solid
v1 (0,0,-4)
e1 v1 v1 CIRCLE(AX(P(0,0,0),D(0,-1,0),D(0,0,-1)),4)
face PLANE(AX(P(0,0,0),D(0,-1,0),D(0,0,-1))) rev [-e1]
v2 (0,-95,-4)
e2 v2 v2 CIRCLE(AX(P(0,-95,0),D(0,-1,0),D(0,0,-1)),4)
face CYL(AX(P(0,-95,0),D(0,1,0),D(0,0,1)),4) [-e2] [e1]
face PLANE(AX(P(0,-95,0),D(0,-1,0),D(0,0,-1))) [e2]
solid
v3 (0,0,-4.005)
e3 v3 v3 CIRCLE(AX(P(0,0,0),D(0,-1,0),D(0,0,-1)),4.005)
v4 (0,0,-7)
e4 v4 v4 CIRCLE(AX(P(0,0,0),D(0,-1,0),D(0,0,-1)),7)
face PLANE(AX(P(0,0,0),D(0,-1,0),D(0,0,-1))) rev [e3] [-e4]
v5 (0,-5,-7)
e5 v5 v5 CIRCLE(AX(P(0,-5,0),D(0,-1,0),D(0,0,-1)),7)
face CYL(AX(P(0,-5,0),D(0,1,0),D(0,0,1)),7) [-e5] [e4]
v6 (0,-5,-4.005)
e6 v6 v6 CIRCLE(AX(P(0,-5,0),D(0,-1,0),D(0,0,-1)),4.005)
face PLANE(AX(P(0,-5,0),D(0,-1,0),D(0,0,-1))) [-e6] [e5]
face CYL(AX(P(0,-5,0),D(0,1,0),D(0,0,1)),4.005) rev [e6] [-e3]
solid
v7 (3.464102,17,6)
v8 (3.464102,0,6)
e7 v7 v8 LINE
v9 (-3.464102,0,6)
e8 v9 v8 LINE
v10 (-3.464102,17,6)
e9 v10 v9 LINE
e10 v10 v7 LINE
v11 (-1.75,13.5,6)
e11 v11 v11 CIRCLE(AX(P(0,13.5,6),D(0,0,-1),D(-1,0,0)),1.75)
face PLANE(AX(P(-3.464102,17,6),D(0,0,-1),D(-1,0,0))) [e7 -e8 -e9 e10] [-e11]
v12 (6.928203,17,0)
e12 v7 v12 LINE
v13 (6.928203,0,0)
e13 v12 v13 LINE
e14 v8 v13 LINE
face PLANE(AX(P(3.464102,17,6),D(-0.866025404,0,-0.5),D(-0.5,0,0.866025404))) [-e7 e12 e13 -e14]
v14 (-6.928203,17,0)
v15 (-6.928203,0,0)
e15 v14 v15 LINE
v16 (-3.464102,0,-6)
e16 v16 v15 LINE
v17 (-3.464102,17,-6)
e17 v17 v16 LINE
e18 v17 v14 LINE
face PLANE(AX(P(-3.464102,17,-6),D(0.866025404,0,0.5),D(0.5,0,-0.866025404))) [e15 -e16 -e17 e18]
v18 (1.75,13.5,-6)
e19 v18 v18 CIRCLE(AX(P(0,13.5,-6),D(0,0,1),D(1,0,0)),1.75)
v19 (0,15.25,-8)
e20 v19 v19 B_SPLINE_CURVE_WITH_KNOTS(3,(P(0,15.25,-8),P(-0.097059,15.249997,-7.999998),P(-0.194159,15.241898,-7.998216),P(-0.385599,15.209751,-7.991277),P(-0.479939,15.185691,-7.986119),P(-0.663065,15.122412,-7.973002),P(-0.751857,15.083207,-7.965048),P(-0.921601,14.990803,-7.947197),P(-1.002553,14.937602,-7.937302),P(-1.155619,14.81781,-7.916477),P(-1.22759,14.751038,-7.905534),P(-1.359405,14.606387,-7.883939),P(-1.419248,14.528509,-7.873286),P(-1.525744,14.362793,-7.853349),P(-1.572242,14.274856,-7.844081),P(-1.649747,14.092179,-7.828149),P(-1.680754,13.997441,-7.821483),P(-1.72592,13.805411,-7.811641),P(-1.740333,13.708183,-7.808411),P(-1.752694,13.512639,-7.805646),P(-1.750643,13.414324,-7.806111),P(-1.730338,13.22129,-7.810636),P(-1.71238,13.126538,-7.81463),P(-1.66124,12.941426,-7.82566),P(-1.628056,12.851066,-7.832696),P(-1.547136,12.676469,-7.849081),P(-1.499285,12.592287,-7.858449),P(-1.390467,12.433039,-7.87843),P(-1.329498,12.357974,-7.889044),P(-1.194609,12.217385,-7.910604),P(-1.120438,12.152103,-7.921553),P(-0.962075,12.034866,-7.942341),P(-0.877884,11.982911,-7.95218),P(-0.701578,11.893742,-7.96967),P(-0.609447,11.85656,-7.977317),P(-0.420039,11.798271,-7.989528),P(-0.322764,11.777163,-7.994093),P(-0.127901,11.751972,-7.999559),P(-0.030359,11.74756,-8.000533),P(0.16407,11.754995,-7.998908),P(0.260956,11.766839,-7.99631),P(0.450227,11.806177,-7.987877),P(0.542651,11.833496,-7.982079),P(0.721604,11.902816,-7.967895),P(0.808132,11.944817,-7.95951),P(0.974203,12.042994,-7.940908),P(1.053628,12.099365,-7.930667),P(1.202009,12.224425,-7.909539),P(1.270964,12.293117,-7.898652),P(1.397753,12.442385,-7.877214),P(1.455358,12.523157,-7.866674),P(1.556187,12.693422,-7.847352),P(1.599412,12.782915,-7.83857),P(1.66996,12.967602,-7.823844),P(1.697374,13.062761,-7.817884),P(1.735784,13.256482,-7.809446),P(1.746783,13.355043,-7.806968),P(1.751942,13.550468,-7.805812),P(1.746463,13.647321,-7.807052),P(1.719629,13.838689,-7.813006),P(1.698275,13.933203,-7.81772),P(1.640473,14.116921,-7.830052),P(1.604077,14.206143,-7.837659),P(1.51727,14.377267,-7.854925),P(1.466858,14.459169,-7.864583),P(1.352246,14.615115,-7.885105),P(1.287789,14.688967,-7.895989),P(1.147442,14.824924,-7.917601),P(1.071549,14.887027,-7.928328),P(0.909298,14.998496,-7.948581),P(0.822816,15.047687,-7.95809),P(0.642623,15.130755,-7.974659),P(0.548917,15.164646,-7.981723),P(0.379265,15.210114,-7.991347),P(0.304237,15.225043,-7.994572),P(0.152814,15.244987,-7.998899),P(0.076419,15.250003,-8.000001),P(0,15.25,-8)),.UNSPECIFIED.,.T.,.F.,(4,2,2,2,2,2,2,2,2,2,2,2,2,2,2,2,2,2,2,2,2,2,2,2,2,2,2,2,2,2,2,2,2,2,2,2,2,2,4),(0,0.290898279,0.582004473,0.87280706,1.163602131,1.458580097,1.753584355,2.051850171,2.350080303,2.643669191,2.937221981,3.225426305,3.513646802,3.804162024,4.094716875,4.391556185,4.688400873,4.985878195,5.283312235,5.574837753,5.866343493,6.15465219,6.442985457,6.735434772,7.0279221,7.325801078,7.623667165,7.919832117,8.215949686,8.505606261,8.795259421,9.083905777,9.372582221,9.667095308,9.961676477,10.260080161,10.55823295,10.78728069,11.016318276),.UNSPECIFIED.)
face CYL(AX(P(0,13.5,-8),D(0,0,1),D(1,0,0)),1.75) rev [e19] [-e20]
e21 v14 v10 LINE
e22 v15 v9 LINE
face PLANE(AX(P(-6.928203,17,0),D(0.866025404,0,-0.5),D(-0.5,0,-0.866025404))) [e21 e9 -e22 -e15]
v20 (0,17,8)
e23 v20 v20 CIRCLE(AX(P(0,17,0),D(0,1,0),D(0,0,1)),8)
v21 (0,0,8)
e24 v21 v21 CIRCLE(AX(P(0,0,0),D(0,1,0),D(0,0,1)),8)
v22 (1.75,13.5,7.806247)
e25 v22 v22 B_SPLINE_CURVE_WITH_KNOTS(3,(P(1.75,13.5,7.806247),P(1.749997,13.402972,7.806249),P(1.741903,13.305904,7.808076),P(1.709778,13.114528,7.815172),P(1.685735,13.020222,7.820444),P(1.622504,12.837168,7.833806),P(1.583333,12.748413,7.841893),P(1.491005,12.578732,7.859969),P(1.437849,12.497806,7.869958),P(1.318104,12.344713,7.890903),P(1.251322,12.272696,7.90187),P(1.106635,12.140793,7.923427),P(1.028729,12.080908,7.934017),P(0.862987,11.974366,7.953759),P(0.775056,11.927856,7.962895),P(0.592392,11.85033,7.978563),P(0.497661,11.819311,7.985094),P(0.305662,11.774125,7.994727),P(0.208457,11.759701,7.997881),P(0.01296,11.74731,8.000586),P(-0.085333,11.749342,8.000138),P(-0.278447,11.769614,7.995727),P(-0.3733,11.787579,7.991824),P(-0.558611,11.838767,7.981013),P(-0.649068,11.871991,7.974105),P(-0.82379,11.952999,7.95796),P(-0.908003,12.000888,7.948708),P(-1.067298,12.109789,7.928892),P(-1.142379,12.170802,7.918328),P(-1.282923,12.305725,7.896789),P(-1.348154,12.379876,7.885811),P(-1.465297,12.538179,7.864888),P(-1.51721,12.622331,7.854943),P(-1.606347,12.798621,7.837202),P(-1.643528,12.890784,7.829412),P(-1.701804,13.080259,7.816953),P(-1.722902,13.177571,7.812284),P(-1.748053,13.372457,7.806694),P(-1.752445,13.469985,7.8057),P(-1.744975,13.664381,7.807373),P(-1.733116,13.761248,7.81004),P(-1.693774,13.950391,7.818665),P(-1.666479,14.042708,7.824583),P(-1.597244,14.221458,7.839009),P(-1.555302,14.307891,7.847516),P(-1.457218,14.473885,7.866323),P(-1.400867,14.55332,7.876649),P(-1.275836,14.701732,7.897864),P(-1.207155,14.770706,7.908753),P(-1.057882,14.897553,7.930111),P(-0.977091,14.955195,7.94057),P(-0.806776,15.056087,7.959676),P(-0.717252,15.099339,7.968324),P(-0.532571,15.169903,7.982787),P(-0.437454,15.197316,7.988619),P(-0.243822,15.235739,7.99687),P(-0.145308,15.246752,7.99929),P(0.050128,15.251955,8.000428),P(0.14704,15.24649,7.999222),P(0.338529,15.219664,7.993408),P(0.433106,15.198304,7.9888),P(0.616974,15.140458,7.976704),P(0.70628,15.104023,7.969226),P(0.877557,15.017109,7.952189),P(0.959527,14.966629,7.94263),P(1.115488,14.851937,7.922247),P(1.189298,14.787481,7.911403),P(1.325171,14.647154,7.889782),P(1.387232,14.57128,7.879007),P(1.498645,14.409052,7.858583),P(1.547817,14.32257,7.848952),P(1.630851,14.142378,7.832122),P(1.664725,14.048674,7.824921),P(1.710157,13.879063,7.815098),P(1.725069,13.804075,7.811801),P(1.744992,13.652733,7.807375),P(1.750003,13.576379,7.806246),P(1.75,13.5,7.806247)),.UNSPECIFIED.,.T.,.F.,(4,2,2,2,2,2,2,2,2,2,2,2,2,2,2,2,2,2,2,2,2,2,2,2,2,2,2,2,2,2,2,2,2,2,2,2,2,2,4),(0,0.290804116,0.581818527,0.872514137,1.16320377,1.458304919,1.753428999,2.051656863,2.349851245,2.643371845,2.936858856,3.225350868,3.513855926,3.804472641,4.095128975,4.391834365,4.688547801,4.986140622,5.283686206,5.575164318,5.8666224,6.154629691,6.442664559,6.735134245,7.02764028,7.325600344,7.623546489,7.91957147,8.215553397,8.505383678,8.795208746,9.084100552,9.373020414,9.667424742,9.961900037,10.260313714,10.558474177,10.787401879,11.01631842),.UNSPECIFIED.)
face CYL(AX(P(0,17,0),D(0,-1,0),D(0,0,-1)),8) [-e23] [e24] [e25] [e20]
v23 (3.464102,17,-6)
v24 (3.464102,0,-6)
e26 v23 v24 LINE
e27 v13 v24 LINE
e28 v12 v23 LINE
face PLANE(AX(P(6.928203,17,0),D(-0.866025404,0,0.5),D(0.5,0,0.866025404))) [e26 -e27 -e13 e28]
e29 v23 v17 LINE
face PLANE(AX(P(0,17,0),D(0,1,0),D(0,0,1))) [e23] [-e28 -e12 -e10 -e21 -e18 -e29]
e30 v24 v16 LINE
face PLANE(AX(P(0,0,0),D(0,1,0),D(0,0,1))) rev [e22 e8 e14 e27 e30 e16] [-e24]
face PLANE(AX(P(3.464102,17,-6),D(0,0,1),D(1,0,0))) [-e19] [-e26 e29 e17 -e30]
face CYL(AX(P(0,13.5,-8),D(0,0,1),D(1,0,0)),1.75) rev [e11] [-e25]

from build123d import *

# Parameters (mm, degrees)
SKETCH1_R               = 8
BOSS_EXTRUDE1_DEPTH     = 17
CUT_EXTRUDE2_DEPTH      = 24.430749028
CUT_EXTRUDE2_DEPTH_BACK = 24.430749028
SKETCH2_R               = 1.75
SKETCH3_R               = 4
BOSS_EXTRUDE2_DEPTH     = 95
SKETCH5_R               = 7
SKETCH5_R_2             = 4.005
BOSS_EXTRUDE8_DEPTH     = 5


with BuildPart() as part:
    # Sketch1 → Boss-Extrude1 (new body)
    with BuildSketch(Plane(origin=(0, 0, 0), x_dir=(-1, 0, 0), z_dir=(0, 1, 0))):
        Circle(SKETCH1_R)
        Polygon((6.92820323, 0), (3.464101615, 6), (-3.464101615, 6), (-6.92820323, 0), (-3.464101615, -6), (3.464101615, -6), align=None, mode=Mode.SUBTRACT)
    extrude(amount=BOSS_EXTRUDE1_DEPTH)

    # Sketch2 → Cut-Extrude2 (cut, two sides: drawn at the far end of the back side and taken through both)
    with BuildSketch(Plane.XY.offset(-6).offset(-CUT_EXTRUDE2_DEPTH_BACK)):
        with Locations((0, 13.5)):
            Circle(SKETCH2_R)
    extrude(amount=CUT_EXTRUDE2_DEPTH + CUT_EXTRUDE2_DEPTH_BACK, mode=Mode.SUBTRACT)


with BuildPart() as body_2:
    # Sketch3 → Boss-Extrude2 (new body)
    with BuildSketch(Plane.XZ):
        Circle(SKETCH3_R)
    extrude(amount=BOSS_EXTRUDE2_DEPTH)


with BuildPart() as body_3:
    # Sketch5 → Boss-Extrude8 (new body)
    with BuildSketch(Plane.XZ):
        Circle(SKETCH5_R)
        Circle(SKETCH5_R_2, mode=Mode.SUBTRACT)
    extrude(amount=BOSS_EXTRUDE8_DEPTH)


solid = Compound([part.part, body_2.part, body_3.part])
